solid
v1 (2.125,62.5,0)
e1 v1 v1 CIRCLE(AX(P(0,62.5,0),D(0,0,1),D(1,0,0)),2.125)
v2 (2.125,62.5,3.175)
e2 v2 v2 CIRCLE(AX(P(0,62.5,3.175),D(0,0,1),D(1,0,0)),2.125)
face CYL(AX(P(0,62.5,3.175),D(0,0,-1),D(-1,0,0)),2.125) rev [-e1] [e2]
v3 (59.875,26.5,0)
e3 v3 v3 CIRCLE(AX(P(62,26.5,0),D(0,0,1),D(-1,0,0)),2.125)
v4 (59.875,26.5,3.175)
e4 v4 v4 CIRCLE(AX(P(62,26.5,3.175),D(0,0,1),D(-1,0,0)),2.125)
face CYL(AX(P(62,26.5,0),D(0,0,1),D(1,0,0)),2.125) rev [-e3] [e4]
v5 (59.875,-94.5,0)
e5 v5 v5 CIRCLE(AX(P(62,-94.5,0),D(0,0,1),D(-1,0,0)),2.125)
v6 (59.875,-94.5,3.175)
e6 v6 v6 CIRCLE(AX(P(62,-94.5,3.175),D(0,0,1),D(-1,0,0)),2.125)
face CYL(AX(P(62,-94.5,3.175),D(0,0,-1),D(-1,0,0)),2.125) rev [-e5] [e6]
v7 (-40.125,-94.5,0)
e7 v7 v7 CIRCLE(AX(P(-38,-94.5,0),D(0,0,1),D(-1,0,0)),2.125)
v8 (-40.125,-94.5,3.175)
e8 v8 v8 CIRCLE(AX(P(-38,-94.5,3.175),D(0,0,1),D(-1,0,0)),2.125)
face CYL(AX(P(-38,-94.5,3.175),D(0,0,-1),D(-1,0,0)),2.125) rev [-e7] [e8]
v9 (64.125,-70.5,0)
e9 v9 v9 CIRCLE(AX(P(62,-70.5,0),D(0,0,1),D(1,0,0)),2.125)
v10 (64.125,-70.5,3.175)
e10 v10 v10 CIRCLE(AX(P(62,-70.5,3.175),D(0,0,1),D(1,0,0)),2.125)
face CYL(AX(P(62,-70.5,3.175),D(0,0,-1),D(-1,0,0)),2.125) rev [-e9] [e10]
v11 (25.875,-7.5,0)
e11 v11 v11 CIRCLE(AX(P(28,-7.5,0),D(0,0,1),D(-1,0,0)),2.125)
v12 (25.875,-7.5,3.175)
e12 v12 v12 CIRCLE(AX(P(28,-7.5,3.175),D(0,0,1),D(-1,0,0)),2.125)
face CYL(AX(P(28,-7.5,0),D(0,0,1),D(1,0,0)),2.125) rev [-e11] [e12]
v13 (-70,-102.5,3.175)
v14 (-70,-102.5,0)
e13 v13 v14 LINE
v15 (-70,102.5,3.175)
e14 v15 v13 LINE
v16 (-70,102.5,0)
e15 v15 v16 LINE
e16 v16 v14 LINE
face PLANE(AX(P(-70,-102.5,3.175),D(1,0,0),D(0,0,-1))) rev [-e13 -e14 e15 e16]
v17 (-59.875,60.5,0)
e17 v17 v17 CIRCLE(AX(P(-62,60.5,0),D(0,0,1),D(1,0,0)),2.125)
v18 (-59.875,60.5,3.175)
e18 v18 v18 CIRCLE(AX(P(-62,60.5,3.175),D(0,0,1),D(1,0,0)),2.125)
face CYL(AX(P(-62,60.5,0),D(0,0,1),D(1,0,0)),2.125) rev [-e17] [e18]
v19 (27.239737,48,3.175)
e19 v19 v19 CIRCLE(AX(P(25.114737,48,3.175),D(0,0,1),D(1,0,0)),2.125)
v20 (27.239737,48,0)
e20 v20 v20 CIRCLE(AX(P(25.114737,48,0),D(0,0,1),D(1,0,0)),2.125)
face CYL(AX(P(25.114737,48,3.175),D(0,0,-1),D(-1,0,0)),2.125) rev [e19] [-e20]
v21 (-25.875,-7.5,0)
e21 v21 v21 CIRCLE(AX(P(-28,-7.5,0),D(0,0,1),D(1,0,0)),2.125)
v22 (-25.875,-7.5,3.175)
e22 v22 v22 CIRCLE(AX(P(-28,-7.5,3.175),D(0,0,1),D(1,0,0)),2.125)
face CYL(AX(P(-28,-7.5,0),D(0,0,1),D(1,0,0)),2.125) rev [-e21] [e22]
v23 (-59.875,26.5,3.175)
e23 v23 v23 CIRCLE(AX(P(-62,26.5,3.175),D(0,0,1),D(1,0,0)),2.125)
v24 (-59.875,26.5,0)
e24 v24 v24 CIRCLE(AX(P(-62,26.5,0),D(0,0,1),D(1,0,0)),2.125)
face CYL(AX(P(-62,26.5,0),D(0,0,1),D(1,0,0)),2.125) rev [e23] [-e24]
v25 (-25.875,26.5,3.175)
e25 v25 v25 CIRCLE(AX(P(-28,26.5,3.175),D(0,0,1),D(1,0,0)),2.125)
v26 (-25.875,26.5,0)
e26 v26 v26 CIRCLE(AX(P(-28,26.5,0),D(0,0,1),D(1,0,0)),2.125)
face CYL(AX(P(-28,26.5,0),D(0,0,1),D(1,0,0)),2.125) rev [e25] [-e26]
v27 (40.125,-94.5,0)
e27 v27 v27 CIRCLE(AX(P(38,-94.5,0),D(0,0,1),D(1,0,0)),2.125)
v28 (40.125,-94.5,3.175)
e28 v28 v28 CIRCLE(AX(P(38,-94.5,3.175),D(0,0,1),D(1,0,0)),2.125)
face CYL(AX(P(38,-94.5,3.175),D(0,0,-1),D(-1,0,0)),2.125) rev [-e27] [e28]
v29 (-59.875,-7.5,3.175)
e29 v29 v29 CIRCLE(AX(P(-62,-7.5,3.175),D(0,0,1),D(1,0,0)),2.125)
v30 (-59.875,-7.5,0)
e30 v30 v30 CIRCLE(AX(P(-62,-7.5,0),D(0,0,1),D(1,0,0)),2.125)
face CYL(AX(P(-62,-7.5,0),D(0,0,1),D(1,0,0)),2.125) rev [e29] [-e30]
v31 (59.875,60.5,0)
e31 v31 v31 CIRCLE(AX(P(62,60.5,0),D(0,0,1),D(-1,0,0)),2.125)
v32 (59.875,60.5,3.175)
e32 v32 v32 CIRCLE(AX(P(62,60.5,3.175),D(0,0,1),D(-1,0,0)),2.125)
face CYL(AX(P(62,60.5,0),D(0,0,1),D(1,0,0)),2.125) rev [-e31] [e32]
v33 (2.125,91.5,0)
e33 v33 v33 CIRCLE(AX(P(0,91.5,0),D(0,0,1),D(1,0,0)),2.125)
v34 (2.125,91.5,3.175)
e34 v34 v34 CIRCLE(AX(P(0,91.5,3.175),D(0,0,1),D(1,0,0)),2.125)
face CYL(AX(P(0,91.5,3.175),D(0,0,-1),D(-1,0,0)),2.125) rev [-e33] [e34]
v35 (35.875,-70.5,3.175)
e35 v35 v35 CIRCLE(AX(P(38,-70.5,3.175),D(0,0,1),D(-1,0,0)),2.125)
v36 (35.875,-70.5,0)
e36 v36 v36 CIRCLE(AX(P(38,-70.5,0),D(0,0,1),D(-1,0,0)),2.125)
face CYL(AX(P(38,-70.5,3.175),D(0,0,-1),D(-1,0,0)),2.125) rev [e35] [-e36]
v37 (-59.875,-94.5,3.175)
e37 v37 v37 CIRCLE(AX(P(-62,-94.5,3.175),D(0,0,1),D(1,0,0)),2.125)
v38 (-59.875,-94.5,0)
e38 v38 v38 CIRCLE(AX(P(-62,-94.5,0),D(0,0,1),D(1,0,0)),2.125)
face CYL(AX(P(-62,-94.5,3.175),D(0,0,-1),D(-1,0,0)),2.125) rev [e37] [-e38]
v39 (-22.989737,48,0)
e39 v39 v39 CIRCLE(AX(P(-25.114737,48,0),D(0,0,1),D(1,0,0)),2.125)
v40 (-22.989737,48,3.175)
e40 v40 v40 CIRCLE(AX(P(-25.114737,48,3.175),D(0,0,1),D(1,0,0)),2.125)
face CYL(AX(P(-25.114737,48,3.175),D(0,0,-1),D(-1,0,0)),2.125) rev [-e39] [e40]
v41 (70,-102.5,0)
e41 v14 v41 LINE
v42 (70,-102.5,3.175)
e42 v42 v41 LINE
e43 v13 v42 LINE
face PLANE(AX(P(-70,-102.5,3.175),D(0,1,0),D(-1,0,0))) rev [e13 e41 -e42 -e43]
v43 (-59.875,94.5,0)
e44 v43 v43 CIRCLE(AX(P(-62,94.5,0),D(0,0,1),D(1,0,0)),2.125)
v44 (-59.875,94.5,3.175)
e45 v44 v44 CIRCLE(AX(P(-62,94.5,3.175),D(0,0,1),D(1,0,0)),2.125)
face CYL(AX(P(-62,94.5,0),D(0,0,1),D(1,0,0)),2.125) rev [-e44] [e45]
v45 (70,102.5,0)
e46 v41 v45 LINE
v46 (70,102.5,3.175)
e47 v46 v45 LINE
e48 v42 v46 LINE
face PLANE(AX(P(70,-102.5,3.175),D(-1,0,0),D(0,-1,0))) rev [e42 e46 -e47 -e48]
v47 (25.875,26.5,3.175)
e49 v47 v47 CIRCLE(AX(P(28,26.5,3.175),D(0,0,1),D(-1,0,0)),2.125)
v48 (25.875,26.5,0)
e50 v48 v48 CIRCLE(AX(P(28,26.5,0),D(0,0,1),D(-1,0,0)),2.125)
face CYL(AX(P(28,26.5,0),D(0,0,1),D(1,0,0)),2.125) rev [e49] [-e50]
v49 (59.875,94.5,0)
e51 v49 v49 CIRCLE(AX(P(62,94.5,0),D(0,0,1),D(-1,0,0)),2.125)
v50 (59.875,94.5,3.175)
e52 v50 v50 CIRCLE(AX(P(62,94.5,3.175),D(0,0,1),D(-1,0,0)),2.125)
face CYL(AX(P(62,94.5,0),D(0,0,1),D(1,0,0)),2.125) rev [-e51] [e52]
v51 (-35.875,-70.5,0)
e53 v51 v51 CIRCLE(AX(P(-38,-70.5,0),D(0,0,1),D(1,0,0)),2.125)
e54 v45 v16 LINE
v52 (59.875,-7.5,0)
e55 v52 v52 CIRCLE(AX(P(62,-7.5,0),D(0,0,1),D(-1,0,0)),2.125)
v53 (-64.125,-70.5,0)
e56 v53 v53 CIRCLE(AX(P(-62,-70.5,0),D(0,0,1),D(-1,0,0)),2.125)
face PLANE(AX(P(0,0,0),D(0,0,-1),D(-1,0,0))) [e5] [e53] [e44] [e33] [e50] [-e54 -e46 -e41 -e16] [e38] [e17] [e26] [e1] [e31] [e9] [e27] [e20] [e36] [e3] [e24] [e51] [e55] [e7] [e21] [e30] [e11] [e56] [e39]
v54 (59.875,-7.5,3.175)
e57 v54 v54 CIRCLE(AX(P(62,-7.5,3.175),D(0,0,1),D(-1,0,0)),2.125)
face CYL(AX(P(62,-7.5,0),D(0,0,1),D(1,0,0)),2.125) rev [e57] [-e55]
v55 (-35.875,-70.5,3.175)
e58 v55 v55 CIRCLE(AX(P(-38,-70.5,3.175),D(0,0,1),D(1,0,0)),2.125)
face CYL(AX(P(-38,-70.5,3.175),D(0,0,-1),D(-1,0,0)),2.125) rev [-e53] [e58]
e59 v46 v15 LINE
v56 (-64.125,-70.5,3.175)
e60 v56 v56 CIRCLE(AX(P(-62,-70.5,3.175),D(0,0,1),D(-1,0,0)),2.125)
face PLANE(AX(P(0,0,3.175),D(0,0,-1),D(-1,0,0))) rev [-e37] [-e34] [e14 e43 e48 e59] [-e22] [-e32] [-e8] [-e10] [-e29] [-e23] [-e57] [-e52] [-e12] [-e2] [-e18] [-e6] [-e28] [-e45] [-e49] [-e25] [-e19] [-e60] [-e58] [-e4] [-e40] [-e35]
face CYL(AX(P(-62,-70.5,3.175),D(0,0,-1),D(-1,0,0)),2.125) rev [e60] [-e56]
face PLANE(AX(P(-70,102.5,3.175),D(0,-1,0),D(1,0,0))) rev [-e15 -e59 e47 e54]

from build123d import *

# Parameters (mm, degrees)
SKETCH1_W           = 140
SKETCH1_H           = 205
SKETCH1_R           = 2.125
BOSS_EXTRUDE1_DEPTH = 3.175
SKETCH2_R           = 2.125
CUT_EXTRUDE1_DEPTH  = 125.162516989


with BuildPart() as part:
    # Sketch1 → Boss-Extrude1 (new body)
    with BuildSketch(Plane.XY):
        Rectangle(SKETCH1_W, SKETCH1_H)
        with Locations((0, 91.5)):
            Circle(SKETCH1_R, mode=Mode.SUBTRACT)
        with Locations((25.11473671, 48)):
            Circle(SKETCH1_R, mode=Mode.SUBTRACT)
        with Locations((-25.11473671, 48)):
            Circle(SKETCH1_R, mode=Mode.SUBTRACT)
        with Locations((0, 62.5)):
            Circle(SKETCH1_R, mode=Mode.SUBTRACT)
        with Locations((-62, -94.5)):
            Circle(SKETCH1_R, mode=Mode.SUBTRACT)
        with Locations(Location((-38, -94.5, 0), (0, 0, 180))):
            Circle(SKETCH1_R, mode=Mode.SUBTRACT)
        with Locations((-38, -70.5)):
            Circle(SKETCH1_R, mode=Mode.SUBTRACT)
        with Locations(Location((-62, -70.5, 0), (0, 0, 180))):
            Circle(SKETCH1_R, mode=Mode.SUBTRACT)
        with Locations((38, -94.5)):
            Circle(SKETCH1_R, mode=Mode.SUBTRACT)
        with Locations(Location((62, -94.5, 0), (0, 0, 180))):
            Circle(SKETCH1_R, mode=Mode.SUBTRACT)
        with Locations((62, -70.5)):
            Circle(SKETCH1_R, mode=Mode.SUBTRACT)
        with Locations(Location((38, -70.5, 0), (0, 0, 180))):
            Circle(SKETCH1_R, mode=Mode.SUBTRACT)
    extrude(amount=BOSS_EXTRUDE1_DEPTH)

    # Sketch2 → Cut-Extrude1 (cut, through all)
    with BuildSketch(Plane.XY.offset(3.175)):
        with Locations((-62, 94.5)):
            Circle(SKETCH2_R)
        with Locations((-62, 60.5)):
            Circle(SKETCH2_R)
        with Locations((-62, 26.5)):
            Circle(SKETCH2_R)
        with Locations((-62, -7.5)):
            Circle(SKETCH2_R)
        with Locations((-28, 26.5)):
            Circle(SKETCH2_R)
        with Locations((-28, -7.5)):
            Circle(SKETCH2_R)
        with Locations(Location((28, -7.5, 0), (0, 0, 180))):
            Circle(SKETCH2_R)
        with Locations(Location((28, 26.5, 0), (0, 0, 180))):
            Circle(SKETCH2_R)
        with Locations(Location((62, -7.5, 0), (0, 0, 180))):
            Circle(SKETCH2_R)
        with Locations(Location((62, 26.5, 0), (0, 0, 180))):
            Circle(SKETCH2_R)
        with Locations(Location((62, 60.5, 0), (0, 0, 180))):
            Circle(SKETCH2_R)
        with Locations(Location((62, 94.5, 0), (0, 0, 180))):
            Circle(SKETCH2_R)
    extrude(amount=-CUT_EXTRUDE1_DEPTH, mode=Mode.SUBTRACT)


solid = part.part
